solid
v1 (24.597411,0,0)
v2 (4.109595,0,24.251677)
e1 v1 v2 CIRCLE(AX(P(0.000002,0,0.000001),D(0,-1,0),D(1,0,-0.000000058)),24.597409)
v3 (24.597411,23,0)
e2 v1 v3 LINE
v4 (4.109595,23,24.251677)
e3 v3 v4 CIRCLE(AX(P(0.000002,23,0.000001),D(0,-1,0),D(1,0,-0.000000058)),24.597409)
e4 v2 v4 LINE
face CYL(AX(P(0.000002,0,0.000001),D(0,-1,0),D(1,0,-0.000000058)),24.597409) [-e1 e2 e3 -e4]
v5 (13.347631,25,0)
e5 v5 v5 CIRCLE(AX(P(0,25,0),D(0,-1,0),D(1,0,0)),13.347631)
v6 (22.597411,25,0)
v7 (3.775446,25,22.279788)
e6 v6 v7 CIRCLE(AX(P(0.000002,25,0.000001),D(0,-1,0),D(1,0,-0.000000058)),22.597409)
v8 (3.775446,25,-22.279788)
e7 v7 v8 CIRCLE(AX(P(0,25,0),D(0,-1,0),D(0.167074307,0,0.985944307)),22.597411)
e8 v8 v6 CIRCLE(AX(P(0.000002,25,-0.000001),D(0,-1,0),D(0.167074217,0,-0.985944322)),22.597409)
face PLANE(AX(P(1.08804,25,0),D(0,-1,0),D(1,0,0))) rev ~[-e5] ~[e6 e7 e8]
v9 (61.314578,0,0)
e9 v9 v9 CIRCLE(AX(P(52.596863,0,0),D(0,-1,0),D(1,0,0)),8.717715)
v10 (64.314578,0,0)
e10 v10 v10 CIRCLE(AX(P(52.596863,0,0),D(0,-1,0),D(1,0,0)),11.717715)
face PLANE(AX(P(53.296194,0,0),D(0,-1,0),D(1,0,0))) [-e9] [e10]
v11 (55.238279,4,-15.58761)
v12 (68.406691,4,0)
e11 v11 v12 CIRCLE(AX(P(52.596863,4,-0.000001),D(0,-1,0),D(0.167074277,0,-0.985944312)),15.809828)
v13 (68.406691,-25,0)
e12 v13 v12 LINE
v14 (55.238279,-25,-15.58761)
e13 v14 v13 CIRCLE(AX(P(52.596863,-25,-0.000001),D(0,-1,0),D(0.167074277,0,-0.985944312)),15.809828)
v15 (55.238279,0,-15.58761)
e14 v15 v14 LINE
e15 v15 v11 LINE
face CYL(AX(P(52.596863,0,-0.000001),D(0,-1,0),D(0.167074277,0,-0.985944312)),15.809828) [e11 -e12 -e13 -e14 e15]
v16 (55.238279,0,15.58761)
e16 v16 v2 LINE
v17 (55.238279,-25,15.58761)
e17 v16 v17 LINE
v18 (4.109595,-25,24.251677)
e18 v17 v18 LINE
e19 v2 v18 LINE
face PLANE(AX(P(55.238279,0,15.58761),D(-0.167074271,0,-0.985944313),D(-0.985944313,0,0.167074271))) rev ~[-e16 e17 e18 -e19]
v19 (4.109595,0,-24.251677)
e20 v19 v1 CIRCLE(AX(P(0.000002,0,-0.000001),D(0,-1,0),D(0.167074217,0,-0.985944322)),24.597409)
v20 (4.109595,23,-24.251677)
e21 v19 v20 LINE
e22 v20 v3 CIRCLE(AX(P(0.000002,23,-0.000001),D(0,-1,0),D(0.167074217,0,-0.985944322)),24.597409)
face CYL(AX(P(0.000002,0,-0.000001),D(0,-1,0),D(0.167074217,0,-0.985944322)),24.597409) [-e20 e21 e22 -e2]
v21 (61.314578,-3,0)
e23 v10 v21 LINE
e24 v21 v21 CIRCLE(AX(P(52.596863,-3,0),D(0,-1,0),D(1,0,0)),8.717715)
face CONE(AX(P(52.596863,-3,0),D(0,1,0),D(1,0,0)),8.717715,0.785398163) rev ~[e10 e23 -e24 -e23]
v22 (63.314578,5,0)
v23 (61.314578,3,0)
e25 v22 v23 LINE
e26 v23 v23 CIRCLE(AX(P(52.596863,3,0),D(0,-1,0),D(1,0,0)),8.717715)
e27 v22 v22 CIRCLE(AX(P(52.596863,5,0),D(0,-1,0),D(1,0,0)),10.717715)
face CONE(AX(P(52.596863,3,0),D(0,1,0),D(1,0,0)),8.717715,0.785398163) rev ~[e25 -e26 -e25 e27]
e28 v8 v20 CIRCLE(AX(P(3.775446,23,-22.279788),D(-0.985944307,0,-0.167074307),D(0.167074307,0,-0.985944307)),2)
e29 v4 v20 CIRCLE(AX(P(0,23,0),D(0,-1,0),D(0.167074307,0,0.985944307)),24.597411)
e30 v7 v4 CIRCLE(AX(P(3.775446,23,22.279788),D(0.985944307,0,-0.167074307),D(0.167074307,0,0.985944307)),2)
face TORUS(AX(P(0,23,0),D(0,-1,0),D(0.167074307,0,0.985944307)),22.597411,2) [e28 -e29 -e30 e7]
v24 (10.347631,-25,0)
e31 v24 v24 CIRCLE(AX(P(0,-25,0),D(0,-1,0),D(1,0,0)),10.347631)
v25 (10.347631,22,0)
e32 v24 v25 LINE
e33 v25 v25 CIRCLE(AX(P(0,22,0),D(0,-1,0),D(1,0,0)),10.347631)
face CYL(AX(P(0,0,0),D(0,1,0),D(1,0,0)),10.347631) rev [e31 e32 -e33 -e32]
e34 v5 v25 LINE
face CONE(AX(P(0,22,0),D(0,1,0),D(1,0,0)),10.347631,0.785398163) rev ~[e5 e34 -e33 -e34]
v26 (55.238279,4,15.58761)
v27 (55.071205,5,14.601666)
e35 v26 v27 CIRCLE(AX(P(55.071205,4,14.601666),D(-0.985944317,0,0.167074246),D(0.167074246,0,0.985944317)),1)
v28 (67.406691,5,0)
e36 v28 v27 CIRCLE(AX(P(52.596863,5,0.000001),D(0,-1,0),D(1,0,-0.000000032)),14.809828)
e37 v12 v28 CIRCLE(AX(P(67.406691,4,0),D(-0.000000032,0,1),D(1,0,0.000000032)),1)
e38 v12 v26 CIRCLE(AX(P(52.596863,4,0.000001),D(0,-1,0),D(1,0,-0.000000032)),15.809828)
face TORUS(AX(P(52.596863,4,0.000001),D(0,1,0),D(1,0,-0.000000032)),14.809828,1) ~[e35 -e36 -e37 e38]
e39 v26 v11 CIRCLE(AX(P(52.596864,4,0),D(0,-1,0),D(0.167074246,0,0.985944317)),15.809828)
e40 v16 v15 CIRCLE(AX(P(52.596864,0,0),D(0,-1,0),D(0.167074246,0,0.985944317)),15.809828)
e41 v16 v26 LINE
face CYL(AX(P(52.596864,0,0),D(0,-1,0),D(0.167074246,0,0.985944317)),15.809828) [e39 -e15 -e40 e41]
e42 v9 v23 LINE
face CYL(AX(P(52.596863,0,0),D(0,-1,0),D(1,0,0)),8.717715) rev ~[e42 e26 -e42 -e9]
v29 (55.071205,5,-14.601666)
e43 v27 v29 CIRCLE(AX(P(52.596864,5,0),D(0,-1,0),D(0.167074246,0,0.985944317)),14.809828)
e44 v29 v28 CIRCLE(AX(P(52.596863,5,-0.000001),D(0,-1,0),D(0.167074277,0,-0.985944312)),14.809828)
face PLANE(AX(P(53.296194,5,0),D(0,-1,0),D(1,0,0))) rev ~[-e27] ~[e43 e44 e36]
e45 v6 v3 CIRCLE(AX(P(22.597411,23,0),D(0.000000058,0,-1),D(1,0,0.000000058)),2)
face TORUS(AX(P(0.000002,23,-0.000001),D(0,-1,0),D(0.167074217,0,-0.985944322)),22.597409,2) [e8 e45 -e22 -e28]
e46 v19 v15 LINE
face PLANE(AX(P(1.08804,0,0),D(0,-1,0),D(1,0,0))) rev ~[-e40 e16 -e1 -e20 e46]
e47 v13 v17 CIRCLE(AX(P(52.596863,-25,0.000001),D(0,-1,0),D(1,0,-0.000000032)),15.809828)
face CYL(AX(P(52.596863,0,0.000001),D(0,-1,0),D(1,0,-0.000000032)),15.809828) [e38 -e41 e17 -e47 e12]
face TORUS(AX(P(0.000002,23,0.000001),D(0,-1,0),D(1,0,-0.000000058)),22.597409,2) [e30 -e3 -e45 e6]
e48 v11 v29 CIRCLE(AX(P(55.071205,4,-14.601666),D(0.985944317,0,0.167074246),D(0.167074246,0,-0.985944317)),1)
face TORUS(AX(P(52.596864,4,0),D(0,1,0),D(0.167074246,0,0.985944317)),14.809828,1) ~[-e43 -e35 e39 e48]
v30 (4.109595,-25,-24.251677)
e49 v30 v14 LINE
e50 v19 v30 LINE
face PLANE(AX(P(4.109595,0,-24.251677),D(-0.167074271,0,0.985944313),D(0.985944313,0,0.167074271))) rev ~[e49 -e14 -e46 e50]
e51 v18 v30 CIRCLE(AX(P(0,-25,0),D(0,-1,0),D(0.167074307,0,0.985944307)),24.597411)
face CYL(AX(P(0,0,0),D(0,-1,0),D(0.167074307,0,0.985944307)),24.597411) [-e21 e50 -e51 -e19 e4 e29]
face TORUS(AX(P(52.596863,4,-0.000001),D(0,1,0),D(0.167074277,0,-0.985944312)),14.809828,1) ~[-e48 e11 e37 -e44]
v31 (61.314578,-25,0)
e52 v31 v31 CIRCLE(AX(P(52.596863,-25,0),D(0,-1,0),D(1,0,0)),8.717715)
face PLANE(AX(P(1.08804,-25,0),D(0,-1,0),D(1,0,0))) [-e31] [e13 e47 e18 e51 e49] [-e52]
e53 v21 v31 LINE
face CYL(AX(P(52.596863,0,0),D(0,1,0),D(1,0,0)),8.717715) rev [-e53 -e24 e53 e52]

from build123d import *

# Parameters (mm, degrees)
F0_R     = 10.347631
F0_R_2   = 8.717715
F1_DEPTH = 25
F2_DEPTH = 25
F3_SIZE  = 3
F4_R     = 2
F5_DEPTH = 5
F6_R     = 1
F7_SIZE  = 2


with BuildPart() as f1:
    # F0 (on Front) → F1 (new body)
    with BuildSketch(Plane.XZ):
        with BuildLine():
            ThreePointArc((4.109595, -24.251677), (18.789865, -15.873677), (24.597411, 0))
            ThreePointArc((24.597411, 0), (18.789865, 15.873677), (4.109595, 24.251677))
            ThreePointArc((4.109595, 24.251677), (-24.597411, 0), (4.109595, -24.251677))
        make_face()
        Circle(F0_R, mode=Mode.SUBTRACT)
        with BuildLine():
            ThreePointArc((4.109595, 24.251677), (18.789865, 15.873677), (24.597411, 0))
            ThreePointArc((24.597411, 0), (18.789865, -15.873677), (4.109595, -24.251677))
            Line((4.109595, -24.251677), (55.238279, -15.58761))
            ThreePointArc((55.238279, -15.58761), (36.787036, 0), (55.238279, 15.58761))
            Line((55.238279, 15.58761), (4.109595, 24.251677))
        make_face()
        with BuildLine():
            ThreePointArc((68.406691, 0), (64.673928, 10.202704), (55.238279, 15.58761))
            ThreePointArc((55.238279, 15.58761), (36.787036, 0), (55.238279, -15.58761))
            ThreePointArc((55.238279, -15.58761), (64.673928, -10.202704), (68.406691, 0))
        make_face()
        with Locations((52.596863, 0)):
            Circle(F0_R_2, mode=Mode.SUBTRACT)
    extrude(amount=F1_DEPTH)

    # F0 (on Front) → F2 (join)
    with BuildSketch(Plane.XZ):
        with BuildLine():
            ThreePointArc((4.109595, -24.251677), (18.789865, -15.873677), (24.597411, 0))
            ThreePointArc((24.597411, 0), (18.789865, 15.873677), (4.109595, 24.251677))
            ThreePointArc((4.109595, 24.251677), (-24.597411, 0), (4.109595, -24.251677))
        make_face()
        Circle(F0_R, mode=Mode.SUBTRACT)
    extrude(amount=-F2_DEPTH)

    # F3
    f3_edges = [f1.edges().sort_by_distance(p)[0] for p in [
        (-10.347631, 25, 0),
        (43.879148, 0, 0),
    ]]
    chamfer(f3_edges, length=F3_SIZE)

    # F4
    f4_edges = [f1.edges().sort_by_distance(p)[0] for p in [
        (-4.109595, 25, 24.251677),
    ]]
    fillet(f4_edges, radius=F4_R)

    # F0 (on Front) → F5 (join)
    with BuildSketch(Plane.XZ):
        with BuildLine():
            ThreePointArc((68.406691, 0), (64.673928, 10.202704), (55.238279, 15.58761))
            ThreePointArc((55.238279, 15.58761), (36.787036, 0), (55.238279, -15.58761))
            ThreePointArc((55.238279, -15.58761), (64.673928, -10.202704), (68.406691, 0))
        make_face()
        with Locations((52.596863, 0)):
            Circle(F0_R_2, mode=Mode.SUBTRACT)
    extrude(amount=-F5_DEPTH)

    # F6
    f6_edges = [f1.edges().sort_by_distance(p)[0] for p in [
        (49.955448, 5, 15.58761),
    ]]
    fillet(f6_edges, radius=F6_R)

    # F7
    f7_edges = [f1.edges().sort_by_distance(p)[0] for p in [
        (43.879148, 5, 0),
    ]]
    chamfer(f7_edges, length=F7_SIZE)


solid = f1.part
